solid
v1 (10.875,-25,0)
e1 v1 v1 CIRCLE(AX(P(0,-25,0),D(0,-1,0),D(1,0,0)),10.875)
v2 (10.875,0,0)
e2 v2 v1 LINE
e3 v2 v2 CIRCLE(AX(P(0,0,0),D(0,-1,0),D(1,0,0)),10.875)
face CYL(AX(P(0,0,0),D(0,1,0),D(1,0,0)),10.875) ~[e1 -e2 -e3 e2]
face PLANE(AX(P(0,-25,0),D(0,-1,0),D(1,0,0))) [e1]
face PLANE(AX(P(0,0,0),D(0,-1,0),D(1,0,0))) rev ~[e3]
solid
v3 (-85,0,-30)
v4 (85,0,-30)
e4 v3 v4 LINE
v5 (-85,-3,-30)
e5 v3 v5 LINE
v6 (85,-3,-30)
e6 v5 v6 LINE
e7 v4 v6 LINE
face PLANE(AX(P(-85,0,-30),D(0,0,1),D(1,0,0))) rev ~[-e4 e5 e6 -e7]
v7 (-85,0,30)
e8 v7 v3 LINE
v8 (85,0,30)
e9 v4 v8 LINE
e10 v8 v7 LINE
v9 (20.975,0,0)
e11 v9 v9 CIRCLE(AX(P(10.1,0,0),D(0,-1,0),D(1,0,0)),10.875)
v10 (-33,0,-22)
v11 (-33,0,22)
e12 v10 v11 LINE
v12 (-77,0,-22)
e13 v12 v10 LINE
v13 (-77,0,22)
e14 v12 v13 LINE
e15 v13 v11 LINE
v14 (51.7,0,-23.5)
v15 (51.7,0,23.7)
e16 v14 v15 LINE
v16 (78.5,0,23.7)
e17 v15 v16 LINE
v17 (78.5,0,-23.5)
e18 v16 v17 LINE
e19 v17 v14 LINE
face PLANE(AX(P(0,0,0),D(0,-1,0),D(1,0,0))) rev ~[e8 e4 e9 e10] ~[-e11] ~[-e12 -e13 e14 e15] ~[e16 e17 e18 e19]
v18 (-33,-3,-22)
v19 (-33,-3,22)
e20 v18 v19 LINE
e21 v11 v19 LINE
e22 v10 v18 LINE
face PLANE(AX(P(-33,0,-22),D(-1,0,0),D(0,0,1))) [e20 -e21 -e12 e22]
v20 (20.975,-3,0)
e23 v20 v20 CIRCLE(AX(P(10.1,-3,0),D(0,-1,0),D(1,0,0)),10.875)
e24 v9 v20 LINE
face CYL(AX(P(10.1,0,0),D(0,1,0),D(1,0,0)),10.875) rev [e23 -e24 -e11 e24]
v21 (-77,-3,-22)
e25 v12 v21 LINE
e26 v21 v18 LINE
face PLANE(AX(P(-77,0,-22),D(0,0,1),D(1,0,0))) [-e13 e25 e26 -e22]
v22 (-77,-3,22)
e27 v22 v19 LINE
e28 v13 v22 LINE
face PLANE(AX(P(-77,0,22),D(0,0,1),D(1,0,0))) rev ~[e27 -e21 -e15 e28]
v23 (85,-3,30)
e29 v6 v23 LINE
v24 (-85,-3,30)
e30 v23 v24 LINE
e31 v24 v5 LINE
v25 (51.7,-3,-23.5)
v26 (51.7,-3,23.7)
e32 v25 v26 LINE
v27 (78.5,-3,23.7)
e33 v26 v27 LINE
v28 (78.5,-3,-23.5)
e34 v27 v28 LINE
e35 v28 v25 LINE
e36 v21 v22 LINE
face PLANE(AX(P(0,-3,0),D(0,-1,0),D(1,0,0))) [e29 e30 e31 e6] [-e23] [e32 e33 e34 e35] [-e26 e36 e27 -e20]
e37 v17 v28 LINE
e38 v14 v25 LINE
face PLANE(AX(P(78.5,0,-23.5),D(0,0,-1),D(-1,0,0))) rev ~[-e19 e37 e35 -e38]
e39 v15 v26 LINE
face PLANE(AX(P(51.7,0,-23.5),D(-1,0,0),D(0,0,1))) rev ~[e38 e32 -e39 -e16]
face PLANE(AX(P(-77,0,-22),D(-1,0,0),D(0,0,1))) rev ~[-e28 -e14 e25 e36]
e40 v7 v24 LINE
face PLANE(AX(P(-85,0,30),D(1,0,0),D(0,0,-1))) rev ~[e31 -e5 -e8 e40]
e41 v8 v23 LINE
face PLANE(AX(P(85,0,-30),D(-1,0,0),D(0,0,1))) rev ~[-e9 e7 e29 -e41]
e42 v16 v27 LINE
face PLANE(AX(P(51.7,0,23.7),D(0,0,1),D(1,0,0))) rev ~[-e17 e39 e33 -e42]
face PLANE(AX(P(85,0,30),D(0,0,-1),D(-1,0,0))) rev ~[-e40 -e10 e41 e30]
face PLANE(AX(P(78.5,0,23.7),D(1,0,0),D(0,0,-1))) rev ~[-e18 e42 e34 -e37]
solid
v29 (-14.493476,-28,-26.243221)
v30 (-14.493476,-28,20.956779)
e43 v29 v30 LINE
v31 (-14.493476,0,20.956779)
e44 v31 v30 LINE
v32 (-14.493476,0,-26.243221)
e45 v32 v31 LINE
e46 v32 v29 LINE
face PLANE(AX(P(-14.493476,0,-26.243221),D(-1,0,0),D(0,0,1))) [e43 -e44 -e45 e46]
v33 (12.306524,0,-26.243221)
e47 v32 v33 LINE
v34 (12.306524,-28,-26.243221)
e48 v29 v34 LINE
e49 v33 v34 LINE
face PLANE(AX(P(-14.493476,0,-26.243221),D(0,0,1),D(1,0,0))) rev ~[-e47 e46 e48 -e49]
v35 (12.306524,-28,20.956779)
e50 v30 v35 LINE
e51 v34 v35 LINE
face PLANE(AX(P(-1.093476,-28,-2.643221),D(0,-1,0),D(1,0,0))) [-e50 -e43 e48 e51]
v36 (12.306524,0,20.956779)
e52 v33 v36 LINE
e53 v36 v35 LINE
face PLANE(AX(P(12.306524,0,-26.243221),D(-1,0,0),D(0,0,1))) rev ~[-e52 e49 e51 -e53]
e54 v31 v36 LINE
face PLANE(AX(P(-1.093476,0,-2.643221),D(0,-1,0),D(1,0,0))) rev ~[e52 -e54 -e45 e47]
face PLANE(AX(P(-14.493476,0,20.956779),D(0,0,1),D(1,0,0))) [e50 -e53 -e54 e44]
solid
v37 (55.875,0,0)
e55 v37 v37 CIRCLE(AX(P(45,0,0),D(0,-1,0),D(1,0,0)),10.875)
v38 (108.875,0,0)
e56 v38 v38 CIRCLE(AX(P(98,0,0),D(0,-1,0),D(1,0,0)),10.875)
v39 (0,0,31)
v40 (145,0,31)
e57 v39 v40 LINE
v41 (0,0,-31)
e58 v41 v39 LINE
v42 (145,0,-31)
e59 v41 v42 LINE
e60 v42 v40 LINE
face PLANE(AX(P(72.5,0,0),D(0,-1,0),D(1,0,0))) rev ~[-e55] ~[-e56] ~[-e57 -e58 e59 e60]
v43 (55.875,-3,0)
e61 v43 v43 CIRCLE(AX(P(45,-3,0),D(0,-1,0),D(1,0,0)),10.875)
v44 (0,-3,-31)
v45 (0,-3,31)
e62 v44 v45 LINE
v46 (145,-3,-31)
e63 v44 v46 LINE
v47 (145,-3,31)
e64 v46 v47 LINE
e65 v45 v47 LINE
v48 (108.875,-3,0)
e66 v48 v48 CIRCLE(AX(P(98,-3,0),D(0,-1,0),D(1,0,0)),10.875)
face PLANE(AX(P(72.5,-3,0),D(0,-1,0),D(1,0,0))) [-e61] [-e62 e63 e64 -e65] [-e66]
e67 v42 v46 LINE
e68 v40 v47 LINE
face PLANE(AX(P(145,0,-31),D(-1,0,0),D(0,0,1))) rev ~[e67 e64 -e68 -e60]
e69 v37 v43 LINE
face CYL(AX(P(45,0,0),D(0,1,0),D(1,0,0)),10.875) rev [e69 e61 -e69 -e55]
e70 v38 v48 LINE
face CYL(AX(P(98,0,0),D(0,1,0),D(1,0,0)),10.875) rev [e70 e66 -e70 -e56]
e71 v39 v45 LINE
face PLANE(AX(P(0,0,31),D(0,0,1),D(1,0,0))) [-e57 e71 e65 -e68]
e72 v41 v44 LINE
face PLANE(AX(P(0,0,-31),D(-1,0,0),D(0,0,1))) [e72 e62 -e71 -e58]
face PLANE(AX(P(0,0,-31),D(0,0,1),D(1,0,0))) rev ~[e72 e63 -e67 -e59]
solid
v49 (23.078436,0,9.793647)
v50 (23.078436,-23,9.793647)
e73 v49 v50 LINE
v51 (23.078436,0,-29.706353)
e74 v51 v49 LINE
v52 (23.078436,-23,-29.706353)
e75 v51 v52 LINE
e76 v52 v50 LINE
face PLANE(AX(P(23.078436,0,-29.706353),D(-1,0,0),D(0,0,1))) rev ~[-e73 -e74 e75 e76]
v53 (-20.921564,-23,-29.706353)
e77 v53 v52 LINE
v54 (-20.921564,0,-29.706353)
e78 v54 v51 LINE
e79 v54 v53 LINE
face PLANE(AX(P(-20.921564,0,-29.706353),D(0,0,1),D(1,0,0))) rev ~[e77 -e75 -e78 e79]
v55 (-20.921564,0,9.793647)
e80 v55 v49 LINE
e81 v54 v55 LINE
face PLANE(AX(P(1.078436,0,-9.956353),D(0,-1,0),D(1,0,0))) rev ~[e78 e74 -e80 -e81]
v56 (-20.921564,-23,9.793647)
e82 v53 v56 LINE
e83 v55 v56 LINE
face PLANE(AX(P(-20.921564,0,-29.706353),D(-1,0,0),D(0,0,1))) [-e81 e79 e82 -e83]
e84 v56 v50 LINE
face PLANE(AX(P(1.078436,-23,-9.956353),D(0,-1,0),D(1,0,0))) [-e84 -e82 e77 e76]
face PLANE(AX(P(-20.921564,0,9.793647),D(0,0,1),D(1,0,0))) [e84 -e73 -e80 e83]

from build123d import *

# Parameters (mm, degrees)
F0_W     = 26.8
F0_H     = 47.2
F1_DEPTH = 28
F2_W     = 44
F2_H     = 39.5
F3_DEPTH = 23
F4_R     = 10.875
F5_DEPTH = 25
F6_W     = 145
F6_H     = 62
F6_R     = 10.875
F7_DEPTH = 3
F8_W     = 44
F8_H     = 44
F8_R     = 10.875
F9_DEPTH = 3


with BuildPart() as f1:
    # F0 (on Front) → F1 (new body)
    with BuildSketch(Plane.XZ):
        with Locations((-1.093476, -2.643221)):
            Rectangle(F0_W, F0_H)
    extrude(amount=F1_DEPTH)


with BuildPart() as f3:
    # F2 (on Front) → F3 (new body)
    with BuildSketch(Plane.XZ):
        with Locations((1.078436, -9.956353)):
            Rectangle(F2_W, F2_H)
    extrude(amount=F3_DEPTH)


with BuildPart() as f5:
    # F4 (on Front) → F5 (new body)
    with BuildSketch(Plane.XZ):
        Circle(F4_R)
    extrude(amount=F5_DEPTH)


with BuildPart() as f7:
    # F6 (on Front) → F7 (new body)
    with BuildSketch(Plane.XZ):
        with Locations((72.5, 0)):
            Rectangle(F6_W, F6_H)
        with Locations((45, 0)):
            Circle(F6_R, mode=Mode.SUBTRACT)
        with Locations((98, 0)):
            Circle(F6_R, mode=Mode.SUBTRACT)
    extrude(amount=F7_DEPTH)


with BuildPart() as f9:
    # F8 (on Front) → F9 (new body)
    with BuildSketch(Plane.XZ):
        Polygon((-85, 30), (-85, 0), (-85, -30), (85, -30), (85, 0), (85, 30), align=None)
        with Locations((-55, 0)):
            Rectangle(F8_W, F8_H, mode=Mode.SUBTRACT)
        with Locations((10.1, 0)):
            Circle(F8_R, mode=Mode.SUBTRACT)
        Polygon((51.7, 23.7), (65.1, 23.7), (78.5, 23.7), (78.5, -23.5), (65.1, -23.5), (51.7, -23.5), align=None, mode=Mode.SUBTRACT)
    extrude(amount=F9_DEPTH)


solid = Compound([f1.part, f3.part, f5.part, f7.part, f9.part])
